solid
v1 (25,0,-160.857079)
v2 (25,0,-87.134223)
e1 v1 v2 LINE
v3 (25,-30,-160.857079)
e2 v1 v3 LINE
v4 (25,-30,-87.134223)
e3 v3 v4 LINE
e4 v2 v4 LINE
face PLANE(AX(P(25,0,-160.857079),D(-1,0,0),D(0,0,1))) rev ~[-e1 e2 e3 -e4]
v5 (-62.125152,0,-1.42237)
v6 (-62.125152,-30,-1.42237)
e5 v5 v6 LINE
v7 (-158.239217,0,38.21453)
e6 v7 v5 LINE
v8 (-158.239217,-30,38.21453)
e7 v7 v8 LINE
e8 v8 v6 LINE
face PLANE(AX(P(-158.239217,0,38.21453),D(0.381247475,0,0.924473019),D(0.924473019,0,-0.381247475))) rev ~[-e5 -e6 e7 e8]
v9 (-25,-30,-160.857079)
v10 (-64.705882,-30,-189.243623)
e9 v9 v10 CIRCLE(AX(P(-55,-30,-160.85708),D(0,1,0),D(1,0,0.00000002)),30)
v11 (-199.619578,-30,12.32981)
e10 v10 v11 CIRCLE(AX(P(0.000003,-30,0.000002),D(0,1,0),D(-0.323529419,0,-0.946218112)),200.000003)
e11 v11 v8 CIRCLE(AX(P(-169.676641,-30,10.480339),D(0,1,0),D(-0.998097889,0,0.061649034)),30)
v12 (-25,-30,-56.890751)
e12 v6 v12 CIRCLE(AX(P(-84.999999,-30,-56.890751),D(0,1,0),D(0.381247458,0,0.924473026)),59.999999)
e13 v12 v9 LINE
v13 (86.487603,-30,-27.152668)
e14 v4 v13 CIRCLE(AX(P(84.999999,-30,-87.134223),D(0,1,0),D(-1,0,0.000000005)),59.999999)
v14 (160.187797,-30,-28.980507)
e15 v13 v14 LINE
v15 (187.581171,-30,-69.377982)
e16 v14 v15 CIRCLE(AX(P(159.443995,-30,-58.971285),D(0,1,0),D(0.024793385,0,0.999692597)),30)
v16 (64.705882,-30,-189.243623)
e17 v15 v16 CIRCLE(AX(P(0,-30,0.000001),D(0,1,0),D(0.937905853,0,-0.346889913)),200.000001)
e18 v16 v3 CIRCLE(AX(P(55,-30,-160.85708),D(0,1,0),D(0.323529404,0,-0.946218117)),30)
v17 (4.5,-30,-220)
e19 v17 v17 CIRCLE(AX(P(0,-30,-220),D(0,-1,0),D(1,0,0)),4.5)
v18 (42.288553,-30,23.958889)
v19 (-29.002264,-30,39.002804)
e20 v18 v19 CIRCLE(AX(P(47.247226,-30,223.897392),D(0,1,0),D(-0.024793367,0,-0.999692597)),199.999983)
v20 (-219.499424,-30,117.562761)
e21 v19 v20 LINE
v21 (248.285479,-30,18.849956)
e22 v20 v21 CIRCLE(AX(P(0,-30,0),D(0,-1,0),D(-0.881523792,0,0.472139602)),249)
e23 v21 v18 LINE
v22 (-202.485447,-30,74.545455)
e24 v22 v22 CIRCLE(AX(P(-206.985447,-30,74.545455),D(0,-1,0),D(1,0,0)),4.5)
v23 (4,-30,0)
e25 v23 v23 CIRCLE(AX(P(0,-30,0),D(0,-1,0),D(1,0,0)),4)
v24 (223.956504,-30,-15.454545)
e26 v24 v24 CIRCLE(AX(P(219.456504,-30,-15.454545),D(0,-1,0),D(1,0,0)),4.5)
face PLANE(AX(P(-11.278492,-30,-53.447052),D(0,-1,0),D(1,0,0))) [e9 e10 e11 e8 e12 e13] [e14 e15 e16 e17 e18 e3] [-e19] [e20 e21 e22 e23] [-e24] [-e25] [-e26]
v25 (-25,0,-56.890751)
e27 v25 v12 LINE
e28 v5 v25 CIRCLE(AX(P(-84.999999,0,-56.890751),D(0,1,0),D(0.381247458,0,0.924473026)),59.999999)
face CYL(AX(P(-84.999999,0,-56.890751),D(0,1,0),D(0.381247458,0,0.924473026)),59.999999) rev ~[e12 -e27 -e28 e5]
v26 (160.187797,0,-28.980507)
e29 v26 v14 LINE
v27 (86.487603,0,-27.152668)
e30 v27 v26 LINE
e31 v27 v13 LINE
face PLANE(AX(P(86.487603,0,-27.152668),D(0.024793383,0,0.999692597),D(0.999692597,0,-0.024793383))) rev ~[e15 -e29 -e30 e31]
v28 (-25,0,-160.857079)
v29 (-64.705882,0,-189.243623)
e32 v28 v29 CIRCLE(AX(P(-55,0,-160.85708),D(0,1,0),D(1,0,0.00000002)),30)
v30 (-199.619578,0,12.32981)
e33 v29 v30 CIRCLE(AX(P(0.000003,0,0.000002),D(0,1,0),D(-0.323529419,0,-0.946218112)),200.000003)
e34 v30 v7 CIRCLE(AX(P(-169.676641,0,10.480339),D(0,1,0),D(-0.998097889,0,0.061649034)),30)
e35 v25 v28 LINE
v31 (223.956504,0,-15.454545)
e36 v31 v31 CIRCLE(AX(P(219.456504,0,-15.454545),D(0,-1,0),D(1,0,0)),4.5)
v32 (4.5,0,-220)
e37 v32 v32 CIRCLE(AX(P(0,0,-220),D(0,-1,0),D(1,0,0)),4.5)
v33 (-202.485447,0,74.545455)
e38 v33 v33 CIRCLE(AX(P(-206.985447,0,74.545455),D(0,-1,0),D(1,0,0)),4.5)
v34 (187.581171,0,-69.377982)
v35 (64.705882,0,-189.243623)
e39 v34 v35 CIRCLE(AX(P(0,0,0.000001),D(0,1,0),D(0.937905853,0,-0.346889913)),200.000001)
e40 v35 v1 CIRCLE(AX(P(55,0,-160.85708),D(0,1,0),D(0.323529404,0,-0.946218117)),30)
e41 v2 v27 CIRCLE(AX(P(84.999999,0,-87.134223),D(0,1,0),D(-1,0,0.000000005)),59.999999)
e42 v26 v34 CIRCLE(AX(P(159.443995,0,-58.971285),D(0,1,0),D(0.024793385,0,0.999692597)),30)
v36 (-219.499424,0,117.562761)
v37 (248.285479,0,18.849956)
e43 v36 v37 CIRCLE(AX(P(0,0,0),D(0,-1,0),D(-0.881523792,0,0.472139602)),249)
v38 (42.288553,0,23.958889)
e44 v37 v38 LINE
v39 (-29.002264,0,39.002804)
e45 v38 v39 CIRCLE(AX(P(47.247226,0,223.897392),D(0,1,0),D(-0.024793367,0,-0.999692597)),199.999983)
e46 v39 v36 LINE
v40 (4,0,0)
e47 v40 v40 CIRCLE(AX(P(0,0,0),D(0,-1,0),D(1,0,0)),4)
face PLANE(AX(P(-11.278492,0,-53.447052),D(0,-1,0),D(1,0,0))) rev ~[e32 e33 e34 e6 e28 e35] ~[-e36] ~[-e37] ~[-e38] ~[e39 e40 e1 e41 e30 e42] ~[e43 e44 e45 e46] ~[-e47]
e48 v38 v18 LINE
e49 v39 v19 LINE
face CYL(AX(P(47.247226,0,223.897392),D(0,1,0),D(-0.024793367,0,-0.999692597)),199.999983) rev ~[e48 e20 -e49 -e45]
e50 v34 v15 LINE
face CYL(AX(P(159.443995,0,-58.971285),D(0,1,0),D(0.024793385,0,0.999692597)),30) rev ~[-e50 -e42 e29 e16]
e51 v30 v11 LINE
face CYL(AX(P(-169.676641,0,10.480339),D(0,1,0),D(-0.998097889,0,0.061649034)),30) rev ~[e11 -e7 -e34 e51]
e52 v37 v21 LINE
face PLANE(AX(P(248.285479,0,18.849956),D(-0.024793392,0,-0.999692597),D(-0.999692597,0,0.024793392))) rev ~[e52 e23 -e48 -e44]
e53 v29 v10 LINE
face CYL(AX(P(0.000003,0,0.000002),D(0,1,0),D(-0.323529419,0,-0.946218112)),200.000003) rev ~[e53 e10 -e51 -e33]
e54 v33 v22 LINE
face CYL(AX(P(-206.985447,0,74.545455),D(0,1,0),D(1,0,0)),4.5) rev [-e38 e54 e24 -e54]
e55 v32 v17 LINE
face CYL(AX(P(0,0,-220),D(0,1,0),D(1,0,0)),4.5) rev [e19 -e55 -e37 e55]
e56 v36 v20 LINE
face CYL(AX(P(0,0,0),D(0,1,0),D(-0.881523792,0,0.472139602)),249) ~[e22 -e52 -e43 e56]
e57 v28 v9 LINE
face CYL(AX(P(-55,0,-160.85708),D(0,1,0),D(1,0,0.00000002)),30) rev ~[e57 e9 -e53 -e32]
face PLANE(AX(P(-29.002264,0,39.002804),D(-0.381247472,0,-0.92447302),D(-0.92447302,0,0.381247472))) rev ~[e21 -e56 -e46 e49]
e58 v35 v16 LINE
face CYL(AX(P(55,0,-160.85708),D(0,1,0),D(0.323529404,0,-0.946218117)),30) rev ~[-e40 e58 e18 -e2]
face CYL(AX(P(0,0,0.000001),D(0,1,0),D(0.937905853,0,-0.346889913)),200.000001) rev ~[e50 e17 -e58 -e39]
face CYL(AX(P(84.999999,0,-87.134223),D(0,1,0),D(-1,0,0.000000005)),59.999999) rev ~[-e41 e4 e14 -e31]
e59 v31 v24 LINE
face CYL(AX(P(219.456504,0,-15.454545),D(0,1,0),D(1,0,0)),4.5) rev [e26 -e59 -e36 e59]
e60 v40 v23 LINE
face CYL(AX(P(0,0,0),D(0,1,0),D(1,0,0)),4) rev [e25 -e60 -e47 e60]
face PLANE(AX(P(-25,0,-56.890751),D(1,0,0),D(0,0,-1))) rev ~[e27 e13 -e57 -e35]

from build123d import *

# Parameters (mm, degrees)
F0_R     = 4.5
F0_R_2   = 4
F1_DEPTH = 30


with BuildPart() as f1:
    # F0 (on Front) → F1 (new body)
    with BuildSketch(Plane.XZ):
        with BuildLine():
            Line((-29.002264, 39.002804), (-219.499424, 117.562761))
            ThreePointArc((-219.499424, 117.562761), (-51.412194, -243.634534), (248.285479, 18.849956))
            Line((248.285479, 18.849956), (42.288553, 23.958889))
            ThreePointArc((42.288553, 23.958889), (5.952295, 28.207019), (-29.002264, 39.002804))
        make_face()
        with Locations((0, -220)):
            Circle(F0_R, mode=Mode.SUBTRACT)
        with BuildLine():
            ThreePointArc((-64.705882, -189.243623), (-166.207549, -111.243204), (-199.619578, 12.32981))
            ThreePointArc((-199.619578, 12.32981), (-185.586329, 35.914211), (-158.239217, 38.21453))
            Line((-158.239217, 38.21453), (-62.125152, -1.42237))
            ThreePointArc((-62.125152, -1.42237), (-35.137735, -23.51779), (-25, -56.890751))
            Line((-25, -56.890751), (-25, -160.857079))
            ThreePointArc((-25, -160.857079), (-37.5526, -185.261756), (-64.705882, -189.243623))
        make_face(mode=Mode.SUBTRACT)
        with BuildLine():
            Line((25, -160.857079), (25, -87.134223))
            ThreePointArc((25, -87.134223), (43.102841, -44.18509), (86.487603, -27.152668))
            Line((86.487603, -27.152668), (160.187797, -28.980507))
            ThreePointArc((160.187797, -28.980507), (184.27375, -42.134323), (187.581171, -69.377982))
            ThreePointArc((187.581171, -69.377982), (139.657195, -143.16378), (64.705882, -189.243623))
            ThreePointArc((64.705882, -189.243623), (37.5526, -185.261756), (25, -160.857079))
        make_face(mode=Mode.SUBTRACT)
        Circle(F0_R_2, mode=Mode.SUBTRACT)
        with Locations((-206.985447, 74.545455)):
            Circle(F0_R, mode=Mode.SUBTRACT)
        with Locations((219.456504, -15.454545)):
            Circle(F0_R, mode=Mode.SUBTRACT)
    extrude(amount=F1_DEPTH)


solid = f1.part
